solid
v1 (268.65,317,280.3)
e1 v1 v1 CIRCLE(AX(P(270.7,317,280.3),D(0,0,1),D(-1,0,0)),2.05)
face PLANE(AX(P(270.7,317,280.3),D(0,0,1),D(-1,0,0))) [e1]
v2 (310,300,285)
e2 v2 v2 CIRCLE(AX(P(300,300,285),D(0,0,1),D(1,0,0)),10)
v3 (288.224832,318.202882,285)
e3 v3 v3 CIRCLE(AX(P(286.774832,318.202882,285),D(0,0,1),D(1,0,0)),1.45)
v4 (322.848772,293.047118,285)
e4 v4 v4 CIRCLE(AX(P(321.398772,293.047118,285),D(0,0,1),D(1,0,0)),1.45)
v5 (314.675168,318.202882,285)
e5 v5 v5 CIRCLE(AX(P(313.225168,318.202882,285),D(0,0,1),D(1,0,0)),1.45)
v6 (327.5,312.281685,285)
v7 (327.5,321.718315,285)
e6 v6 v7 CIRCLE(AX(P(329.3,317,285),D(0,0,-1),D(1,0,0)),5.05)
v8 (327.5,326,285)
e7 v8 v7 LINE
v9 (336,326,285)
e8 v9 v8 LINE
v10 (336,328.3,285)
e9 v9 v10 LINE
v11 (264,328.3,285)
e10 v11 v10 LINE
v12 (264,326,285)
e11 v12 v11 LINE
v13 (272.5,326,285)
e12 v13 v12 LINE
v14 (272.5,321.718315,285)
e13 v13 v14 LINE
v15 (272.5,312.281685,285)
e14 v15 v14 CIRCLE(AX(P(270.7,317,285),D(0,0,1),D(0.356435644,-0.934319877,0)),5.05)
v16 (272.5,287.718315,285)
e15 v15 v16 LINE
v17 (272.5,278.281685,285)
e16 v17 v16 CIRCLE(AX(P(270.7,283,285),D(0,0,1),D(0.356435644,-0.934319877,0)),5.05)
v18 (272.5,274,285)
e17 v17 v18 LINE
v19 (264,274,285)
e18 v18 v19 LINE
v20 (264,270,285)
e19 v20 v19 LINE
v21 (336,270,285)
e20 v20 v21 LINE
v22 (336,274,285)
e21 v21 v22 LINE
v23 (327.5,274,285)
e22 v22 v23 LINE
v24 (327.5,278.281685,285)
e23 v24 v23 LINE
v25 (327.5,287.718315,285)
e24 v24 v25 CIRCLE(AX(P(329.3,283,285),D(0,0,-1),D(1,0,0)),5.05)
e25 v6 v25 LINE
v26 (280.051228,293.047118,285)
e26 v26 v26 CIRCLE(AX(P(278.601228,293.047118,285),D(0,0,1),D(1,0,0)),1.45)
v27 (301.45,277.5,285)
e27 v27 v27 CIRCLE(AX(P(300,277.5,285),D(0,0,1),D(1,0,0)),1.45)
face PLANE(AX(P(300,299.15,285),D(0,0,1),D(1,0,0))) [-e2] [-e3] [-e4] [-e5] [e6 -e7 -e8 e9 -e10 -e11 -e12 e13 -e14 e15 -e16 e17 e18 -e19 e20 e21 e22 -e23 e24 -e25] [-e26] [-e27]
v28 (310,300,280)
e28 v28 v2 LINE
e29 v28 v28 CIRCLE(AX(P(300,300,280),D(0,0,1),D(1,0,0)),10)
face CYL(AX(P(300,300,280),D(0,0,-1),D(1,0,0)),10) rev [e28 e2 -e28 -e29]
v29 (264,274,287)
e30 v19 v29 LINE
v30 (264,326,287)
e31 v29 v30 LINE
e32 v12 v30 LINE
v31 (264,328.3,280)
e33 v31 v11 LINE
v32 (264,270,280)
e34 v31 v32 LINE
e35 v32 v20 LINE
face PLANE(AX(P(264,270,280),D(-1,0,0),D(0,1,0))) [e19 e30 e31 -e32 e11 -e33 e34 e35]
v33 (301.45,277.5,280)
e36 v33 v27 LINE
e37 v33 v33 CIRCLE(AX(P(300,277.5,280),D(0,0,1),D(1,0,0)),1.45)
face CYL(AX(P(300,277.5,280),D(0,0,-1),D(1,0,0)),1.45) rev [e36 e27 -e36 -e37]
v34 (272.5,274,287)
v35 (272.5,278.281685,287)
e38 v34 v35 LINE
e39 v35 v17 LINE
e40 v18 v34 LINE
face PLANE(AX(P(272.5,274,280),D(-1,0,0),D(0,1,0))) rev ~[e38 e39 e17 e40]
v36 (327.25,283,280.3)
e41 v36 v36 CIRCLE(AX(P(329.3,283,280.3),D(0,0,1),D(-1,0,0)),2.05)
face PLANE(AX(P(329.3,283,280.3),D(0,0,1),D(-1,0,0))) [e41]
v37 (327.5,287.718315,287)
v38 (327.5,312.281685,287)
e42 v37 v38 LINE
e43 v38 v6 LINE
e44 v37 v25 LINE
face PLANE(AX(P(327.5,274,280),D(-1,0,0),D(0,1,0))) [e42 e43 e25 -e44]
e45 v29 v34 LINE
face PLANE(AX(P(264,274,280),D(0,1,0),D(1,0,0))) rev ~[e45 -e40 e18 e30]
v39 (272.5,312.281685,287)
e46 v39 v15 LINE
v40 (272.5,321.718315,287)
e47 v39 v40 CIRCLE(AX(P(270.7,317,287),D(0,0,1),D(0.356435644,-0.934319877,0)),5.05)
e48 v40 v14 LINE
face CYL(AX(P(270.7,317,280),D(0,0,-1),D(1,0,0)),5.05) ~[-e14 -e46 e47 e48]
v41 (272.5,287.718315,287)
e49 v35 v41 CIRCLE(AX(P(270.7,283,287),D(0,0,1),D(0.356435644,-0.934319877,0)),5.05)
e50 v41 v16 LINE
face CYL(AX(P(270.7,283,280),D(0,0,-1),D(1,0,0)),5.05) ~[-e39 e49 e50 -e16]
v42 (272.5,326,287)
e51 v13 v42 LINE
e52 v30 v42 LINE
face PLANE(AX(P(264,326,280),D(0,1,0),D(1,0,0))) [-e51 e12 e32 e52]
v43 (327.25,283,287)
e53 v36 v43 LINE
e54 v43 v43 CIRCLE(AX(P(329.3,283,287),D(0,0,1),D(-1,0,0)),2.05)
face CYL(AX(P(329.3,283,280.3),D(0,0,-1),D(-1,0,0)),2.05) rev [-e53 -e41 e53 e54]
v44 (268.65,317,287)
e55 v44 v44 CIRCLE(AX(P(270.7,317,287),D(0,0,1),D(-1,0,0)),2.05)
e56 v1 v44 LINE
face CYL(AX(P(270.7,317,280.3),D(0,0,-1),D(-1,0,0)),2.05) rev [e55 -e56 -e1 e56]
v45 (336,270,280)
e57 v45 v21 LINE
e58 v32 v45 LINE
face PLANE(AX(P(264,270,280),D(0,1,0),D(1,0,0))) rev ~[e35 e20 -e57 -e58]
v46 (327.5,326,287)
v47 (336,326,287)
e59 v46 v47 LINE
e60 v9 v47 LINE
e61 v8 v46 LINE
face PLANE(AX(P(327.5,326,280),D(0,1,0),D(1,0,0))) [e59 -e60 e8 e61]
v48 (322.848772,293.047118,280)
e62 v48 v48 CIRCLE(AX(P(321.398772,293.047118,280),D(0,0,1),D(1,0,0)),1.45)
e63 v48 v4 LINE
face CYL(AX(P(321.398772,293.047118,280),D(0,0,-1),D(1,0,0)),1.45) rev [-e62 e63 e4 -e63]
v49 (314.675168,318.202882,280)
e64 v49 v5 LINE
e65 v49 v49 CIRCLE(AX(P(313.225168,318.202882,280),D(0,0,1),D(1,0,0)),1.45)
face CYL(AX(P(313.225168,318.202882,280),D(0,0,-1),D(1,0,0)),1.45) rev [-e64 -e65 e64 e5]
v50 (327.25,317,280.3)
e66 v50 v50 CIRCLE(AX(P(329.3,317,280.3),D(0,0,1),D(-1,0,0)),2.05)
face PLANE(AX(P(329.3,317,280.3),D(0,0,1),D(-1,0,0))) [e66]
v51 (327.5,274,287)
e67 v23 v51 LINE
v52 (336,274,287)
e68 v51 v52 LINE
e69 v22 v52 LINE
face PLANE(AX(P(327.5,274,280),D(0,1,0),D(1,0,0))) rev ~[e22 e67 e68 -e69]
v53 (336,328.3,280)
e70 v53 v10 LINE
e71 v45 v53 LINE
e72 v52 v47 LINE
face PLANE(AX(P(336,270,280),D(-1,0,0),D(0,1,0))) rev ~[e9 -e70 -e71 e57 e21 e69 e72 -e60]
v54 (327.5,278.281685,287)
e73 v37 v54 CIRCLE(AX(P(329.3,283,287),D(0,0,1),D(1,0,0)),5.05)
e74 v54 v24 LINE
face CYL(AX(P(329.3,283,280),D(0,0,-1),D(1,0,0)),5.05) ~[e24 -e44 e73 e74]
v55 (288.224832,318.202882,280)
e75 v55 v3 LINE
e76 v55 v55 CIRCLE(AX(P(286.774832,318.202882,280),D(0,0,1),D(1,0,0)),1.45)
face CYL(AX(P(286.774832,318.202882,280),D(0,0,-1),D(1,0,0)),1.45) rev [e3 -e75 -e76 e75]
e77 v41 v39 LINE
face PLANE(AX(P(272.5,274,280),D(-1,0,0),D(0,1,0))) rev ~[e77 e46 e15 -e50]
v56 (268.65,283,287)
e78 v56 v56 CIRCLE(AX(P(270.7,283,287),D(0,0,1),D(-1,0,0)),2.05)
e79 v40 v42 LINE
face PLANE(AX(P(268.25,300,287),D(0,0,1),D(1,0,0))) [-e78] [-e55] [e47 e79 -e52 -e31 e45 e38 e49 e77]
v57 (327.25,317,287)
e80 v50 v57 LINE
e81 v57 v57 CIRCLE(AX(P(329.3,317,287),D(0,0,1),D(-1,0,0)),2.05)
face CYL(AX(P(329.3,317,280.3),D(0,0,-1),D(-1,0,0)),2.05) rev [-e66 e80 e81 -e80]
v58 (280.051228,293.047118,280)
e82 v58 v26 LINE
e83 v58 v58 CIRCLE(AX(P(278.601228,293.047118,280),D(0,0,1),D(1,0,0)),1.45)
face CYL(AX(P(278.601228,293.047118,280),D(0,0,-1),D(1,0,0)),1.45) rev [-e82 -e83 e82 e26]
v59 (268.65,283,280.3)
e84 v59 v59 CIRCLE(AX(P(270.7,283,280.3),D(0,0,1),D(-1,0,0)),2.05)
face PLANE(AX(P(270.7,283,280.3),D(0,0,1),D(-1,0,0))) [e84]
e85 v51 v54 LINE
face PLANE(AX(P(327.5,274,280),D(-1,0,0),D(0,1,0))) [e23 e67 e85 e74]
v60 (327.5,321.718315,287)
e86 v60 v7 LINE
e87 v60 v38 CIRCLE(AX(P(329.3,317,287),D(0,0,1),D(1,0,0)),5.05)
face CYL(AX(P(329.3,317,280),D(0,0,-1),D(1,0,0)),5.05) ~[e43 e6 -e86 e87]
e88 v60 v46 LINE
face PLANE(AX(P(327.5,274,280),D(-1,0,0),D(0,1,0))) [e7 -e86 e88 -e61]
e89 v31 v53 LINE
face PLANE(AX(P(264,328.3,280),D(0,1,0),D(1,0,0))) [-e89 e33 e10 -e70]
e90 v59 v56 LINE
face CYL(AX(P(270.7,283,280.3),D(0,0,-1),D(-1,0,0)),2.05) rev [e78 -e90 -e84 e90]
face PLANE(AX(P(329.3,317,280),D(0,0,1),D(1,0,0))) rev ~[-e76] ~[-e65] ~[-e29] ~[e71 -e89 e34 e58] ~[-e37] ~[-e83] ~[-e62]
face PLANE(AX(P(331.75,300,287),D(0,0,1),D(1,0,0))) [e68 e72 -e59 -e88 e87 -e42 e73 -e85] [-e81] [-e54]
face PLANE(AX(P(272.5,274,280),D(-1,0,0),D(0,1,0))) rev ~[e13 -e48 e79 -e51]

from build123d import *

# Parameters (mm, degrees)
SKETCH1_W           = 72
SKETCH1_H           = 58.3
SKETCH1_R           = 10
SKETCH1_R_2         = 1.45
BOSS_EXTRUDE1_DEPTH = 5
SKETCH2_W           = 8.5
SKETCH2_H           = 52
BOSS_EXTRUDE2_DEPTH = 7
SKETCH3_R           = 5.05
BOSS_EXTRUDE3_DEPTH = 7
SKETCH4_R           = 5.05
BOSS_EXTRUDE4_DEPTH = 7
SKETCH5_R           = 2.05
CUT_EXTRUDE1_DEPTH  = 6.7
SKETCH6_W           = 8.5
SKETCH6_H           = 52
BOSS_EXTRUDE5_DEPTH = 7
SKETCH7_R           = 5.05
BOSS_EXTRUDE6_DEPTH = 7
SKETCH8_R           = 5.05
BOSS_EXTRUDE7_DEPTH = 7
SKETCH9_R           = 2.05
CUT_EXTRUDE2_DEPTH  = 6.7


with BuildPart() as part:
    # Sketch1 → Boss-Extrude1 (new body)
    with BuildSketch(Plane.XY.offset(280)):
        with Locations((300, 299.15)):
            Rectangle(SKETCH1_W, SKETCH1_H)
        with Locations((300, 300)):
            Circle(SKETCH1_R, mode=Mode.SUBTRACT)
        with Locations((286.774831823, 318.202882373)):
            Circle(SKETCH1_R_2, mode=Mode.SUBTRACT)
        with Locations((278.601228383, 293.047117627)):
            Circle(SKETCH1_R_2, mode=Mode.SUBTRACT)
        with Locations((300, 277.5)):
            Circle(SKETCH1_R_2, mode=Mode.SUBTRACT)
        with Locations((321.398771617, 293.047117627)):
            Circle(SKETCH1_R_2, mode=Mode.SUBTRACT)
        with Locations((313.225168177, 318.202882373)):
            Circle(SKETCH1_R_2, mode=Mode.SUBTRACT)
    extrude(amount=BOSS_EXTRUDE1_DEPTH)

    # Sketch2 → Boss-Extrude2 (add)
    with BuildSketch(Plane.XY.offset(280)):
        with Locations((268.25, 300)):
            Rectangle(SKETCH2_W, SKETCH2_H)
    extrude(amount=BOSS_EXTRUDE2_DEPTH)

    # Sketch3 → Boss-Extrude3 (add)
    with BuildSketch(Plane.XY.offset(280)):
        with Locations((270.7, 283)):
            Circle(SKETCH3_R)
    extrude(amount=BOSS_EXTRUDE3_DEPTH)

    # Sketch4 → Boss-Extrude4 (add)
    with BuildSketch(Plane.XY.offset(280)):
        with Locations((270.7, 317)):
            Circle(SKETCH4_R)
    extrude(amount=BOSS_EXTRUDE4_DEPTH)

    # Sketch5 → Cut-Extrude1 (cut)
    with BuildSketch(Plane.XY.offset(280.3)):
        with Locations((270.7, 283)):
            Circle(SKETCH5_R)
        with Locations((270.7, 317)):
            Circle(SKETCH5_R)
    extrude(amount=CUT_EXTRUDE1_DEPTH, mode=Mode.SUBTRACT)

    # Sketch6 → Boss-Extrude5 (add)
    with BuildSketch(Plane.XY.offset(280)):
        with Locations((331.75, 300)):
            Rectangle(SKETCH6_W, SKETCH6_H)
    extrude(amount=BOSS_EXTRUDE5_DEPTH)

    # Sketch7 → Boss-Extrude6 (add)
    with BuildSketch(Plane.XY.offset(280)):
        with Locations((329.3, 283)):
            Circle(SKETCH7_R)
    extrude(amount=BOSS_EXTRUDE6_DEPTH)

    # Sketch8 → Boss-Extrude7 (add)
    with BuildSketch(Plane.XY.offset(280)):
        with Locations((329.3, 317)):
            Circle(SKETCH8_R)
    extrude(amount=BOSS_EXTRUDE7_DEPTH)

    # Sketch9 → Cut-Extrude2 (cut)
    with BuildSketch(Plane.XY.offset(280.3)):
        with Locations((329.3, 283)):
            Circle(SKETCH9_R)
        with Locations((329.3, 317)):
            Circle(SKETCH9_R)
    extrude(amount=CUT_EXTRUDE2_DEPTH, mode=Mode.SUBTRACT)


solid = part.part
